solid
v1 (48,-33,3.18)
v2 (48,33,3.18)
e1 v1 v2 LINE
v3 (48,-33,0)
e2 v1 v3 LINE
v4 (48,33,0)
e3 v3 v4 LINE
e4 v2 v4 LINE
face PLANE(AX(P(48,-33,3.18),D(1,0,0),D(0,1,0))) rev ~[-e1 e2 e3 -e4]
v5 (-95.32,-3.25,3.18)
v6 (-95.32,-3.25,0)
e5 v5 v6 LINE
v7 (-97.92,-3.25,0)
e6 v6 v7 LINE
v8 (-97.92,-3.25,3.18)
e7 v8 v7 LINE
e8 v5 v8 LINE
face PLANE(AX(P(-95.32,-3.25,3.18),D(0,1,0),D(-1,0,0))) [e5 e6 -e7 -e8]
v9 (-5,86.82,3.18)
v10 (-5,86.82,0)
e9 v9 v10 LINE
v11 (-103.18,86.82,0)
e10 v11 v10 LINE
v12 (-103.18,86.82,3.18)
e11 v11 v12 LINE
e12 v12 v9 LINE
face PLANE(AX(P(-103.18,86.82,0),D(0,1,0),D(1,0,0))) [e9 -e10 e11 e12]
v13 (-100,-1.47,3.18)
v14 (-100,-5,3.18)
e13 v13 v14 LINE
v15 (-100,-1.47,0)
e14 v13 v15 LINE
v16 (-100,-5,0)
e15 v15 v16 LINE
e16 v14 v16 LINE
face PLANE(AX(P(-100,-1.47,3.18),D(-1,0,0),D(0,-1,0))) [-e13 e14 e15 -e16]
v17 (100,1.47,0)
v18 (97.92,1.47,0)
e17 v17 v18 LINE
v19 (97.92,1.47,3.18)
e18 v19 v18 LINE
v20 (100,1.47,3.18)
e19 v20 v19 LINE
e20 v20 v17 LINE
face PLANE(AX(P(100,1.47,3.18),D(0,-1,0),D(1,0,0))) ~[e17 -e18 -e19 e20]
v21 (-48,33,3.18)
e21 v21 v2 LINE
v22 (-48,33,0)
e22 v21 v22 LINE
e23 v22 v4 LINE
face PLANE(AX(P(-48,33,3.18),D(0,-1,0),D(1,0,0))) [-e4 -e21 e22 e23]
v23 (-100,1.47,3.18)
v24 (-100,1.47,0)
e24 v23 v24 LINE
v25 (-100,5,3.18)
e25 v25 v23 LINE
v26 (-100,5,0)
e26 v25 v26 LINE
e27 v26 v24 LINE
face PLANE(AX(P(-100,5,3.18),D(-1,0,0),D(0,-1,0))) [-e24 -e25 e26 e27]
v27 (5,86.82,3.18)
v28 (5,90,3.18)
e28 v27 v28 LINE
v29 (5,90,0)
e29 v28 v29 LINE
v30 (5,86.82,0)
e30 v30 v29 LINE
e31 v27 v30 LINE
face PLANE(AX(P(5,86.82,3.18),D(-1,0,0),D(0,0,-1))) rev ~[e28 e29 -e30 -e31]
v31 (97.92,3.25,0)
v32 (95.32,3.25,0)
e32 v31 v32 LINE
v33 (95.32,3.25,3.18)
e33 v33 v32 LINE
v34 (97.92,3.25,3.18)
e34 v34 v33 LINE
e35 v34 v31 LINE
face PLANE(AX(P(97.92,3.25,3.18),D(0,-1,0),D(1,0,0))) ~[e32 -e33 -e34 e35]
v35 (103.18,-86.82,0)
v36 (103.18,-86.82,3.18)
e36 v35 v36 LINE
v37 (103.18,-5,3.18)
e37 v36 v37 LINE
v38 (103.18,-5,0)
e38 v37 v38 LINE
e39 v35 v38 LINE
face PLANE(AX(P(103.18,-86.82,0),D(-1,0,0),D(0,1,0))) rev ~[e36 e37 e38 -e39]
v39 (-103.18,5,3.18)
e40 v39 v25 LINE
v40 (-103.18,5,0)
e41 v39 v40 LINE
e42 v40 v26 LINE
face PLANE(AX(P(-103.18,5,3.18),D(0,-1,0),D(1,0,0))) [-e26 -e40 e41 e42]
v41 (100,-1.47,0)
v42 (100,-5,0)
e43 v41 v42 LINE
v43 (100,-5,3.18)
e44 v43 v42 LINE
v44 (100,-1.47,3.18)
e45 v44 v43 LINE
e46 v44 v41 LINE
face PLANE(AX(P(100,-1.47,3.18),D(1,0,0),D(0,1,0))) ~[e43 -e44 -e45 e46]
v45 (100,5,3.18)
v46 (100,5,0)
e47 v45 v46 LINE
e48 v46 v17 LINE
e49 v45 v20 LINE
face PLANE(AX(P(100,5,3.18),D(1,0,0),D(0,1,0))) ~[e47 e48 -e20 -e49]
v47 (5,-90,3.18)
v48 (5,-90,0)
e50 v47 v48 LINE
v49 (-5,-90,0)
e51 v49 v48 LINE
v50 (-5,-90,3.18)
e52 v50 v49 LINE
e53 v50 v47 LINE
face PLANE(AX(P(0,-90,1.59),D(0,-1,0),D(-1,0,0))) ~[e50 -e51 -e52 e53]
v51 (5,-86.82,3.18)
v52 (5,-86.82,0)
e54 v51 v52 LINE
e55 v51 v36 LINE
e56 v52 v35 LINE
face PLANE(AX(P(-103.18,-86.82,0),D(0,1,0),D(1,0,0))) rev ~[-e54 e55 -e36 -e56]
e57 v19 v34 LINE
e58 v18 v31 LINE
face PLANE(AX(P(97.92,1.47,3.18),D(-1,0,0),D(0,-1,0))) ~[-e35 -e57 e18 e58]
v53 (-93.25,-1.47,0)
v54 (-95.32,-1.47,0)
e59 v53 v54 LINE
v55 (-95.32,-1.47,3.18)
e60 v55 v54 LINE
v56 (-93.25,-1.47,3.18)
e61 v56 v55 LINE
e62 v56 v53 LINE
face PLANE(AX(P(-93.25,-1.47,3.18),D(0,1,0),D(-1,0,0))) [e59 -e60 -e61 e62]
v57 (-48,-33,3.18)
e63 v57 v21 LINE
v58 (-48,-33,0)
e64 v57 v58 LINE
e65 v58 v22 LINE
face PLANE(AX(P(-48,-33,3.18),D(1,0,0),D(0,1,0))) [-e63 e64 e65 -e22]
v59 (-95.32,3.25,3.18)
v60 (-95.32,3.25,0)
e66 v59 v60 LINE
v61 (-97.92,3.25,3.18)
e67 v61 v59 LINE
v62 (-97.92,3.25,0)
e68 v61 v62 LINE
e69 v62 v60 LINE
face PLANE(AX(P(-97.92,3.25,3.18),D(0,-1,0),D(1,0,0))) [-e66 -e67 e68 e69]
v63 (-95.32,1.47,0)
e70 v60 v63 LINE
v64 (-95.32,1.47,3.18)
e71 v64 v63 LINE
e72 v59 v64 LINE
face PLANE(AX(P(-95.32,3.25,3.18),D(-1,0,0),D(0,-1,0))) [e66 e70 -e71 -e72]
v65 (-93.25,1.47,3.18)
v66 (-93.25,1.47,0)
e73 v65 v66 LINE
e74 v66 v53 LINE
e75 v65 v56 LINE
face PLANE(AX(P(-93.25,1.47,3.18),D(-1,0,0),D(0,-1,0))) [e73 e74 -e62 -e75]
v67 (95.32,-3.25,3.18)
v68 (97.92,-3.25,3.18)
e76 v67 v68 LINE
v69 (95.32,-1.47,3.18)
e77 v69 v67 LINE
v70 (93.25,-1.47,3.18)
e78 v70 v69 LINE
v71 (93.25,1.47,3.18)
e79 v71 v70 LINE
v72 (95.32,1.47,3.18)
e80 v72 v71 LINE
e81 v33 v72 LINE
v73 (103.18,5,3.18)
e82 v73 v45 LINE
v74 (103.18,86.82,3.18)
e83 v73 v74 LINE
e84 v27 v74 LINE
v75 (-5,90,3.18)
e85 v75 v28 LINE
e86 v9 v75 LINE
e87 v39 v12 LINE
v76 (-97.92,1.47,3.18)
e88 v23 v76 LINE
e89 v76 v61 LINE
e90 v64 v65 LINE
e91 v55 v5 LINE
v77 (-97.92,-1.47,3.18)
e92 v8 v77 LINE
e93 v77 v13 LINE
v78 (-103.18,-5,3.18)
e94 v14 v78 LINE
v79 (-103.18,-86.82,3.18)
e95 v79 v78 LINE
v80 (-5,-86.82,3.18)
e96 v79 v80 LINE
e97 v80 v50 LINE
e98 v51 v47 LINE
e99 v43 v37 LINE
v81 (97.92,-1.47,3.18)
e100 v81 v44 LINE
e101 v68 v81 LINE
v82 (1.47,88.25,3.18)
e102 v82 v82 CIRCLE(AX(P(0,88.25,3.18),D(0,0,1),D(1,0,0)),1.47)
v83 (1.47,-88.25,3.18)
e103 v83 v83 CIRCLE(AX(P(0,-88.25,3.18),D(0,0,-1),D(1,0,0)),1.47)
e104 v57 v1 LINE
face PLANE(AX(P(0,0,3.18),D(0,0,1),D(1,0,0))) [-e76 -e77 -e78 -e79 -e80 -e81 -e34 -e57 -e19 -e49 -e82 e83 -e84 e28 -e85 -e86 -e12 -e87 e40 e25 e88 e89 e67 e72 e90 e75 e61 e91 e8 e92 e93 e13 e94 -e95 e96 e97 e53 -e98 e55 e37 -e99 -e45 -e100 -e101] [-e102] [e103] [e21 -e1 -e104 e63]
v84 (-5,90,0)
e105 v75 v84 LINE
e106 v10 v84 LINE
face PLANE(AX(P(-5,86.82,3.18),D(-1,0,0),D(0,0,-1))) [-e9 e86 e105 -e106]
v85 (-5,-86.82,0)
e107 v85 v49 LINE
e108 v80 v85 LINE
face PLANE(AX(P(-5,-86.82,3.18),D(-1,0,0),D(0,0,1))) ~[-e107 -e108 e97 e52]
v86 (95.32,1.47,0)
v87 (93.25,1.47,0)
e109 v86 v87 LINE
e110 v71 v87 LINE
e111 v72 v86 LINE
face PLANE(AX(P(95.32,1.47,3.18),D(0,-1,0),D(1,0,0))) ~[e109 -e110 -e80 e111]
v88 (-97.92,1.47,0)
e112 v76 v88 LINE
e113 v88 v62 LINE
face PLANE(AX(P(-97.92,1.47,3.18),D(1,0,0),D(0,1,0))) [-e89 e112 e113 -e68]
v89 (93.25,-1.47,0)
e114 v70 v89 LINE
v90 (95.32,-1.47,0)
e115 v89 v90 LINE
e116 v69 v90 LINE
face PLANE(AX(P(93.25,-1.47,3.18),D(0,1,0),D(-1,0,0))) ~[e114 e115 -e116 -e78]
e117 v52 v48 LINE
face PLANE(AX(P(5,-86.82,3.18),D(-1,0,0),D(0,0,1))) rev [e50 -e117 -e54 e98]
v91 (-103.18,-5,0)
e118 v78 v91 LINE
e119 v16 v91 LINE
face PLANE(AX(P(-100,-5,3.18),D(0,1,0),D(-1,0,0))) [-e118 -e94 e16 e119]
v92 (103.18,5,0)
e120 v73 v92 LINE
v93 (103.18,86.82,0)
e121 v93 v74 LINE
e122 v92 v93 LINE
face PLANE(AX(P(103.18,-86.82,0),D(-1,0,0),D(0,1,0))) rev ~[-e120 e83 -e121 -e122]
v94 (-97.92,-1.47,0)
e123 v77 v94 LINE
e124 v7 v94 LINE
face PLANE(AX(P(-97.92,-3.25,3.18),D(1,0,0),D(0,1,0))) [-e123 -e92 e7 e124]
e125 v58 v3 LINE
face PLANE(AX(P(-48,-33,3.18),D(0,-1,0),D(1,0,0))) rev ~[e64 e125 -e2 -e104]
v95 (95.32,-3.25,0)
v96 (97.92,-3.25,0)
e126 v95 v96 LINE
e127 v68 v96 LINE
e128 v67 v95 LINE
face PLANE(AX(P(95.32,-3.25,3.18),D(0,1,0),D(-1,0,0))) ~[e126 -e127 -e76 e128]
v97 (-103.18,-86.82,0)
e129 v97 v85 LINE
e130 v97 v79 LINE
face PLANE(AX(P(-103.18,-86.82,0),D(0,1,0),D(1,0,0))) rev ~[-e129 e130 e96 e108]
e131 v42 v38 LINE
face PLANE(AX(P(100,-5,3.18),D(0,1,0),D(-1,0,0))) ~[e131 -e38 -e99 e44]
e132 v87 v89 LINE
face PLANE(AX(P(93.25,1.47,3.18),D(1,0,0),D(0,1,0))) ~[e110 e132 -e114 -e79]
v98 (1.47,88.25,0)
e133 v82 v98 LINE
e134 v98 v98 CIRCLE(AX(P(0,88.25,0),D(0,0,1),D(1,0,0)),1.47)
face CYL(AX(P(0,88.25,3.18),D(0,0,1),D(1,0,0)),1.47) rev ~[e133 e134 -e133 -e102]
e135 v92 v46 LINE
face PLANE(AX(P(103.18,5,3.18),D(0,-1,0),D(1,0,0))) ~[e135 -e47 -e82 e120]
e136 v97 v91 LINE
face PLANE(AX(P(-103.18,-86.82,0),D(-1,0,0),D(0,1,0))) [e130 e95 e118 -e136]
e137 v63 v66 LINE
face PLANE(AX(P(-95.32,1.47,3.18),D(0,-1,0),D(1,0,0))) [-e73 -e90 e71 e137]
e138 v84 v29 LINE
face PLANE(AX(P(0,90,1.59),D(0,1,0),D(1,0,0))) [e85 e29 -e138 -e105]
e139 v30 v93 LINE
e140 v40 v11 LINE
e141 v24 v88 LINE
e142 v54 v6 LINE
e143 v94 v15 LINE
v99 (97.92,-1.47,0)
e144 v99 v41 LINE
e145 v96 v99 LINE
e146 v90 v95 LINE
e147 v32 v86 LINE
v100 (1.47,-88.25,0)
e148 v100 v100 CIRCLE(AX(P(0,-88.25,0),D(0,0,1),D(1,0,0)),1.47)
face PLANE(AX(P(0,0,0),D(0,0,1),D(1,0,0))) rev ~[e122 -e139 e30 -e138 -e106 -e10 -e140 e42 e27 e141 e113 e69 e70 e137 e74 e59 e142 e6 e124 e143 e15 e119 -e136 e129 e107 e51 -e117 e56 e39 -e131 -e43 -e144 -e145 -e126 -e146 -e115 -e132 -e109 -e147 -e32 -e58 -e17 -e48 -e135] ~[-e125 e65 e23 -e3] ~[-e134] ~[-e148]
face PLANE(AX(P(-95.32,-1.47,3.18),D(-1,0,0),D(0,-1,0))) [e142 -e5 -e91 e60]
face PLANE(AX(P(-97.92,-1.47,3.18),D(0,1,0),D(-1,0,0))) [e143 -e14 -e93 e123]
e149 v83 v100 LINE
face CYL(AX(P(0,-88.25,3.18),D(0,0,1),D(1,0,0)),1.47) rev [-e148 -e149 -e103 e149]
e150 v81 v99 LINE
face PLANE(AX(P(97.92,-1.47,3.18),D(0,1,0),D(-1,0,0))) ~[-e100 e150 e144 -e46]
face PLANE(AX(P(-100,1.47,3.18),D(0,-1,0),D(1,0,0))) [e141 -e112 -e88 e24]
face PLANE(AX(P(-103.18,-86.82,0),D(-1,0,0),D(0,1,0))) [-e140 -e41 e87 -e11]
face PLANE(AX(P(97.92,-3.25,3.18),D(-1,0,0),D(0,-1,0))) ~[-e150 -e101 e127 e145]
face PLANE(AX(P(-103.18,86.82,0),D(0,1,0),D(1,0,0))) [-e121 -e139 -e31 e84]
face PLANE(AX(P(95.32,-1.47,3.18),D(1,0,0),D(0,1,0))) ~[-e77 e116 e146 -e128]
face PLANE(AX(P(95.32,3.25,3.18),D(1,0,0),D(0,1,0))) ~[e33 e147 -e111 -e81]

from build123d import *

# Parameters (mm, degrees)
SKETCH2_W           = 206.36
SKETCH2_H           = 173.64
BOSS_EXTRUDE1_DEPTH = 3.18
CUT_EXTRUDE1_DEPTH  = 135.884903529
SKETCH9_W           = 10
SKETCH9_H           = 3.18
BOSS_EXTRUDE4_DEPTH = 3.18
SKETCH11_R          = 1.47
CUT_EXTRUDE3_DEPTH  = 137.953367246
SKETCH12_W          = 96
SKETCH12_H          = 66
CUT_EXTRUDE4_DEPTH  = 137.953367246


with BuildPart() as part:
    # Sketch2 → Boss-Extrude1 (new body)
    with BuildSketch(Plane.XY):
        Rectangle(SKETCH2_W, SKETCH2_H)
    extrude(amount=BOSS_EXTRUDE1_DEPTH)

    # Sketch3 → Cut-Extrude1 (cut, through all)
    with BuildSketch(Plane.XY.offset(3.18)):
        Polygon((-95.32, -1.47), (-95.32, -3.25), (-97.92, -3.25), (-97.92, -1.47), (-100, -1.47), (-100, -5), (-103.18, -5), (-103.18, 5), (-100, 5), (-100, 1.47), (-97.92, 1.47), (-97.92, 3.25), (-95.32, 3.25), (-95.32, 1.47), (-93.25, 1.47), (-93.25, -1.47), align=None)
    cut_extrude1 = extrude(amount=-CUT_EXTRUDE1_DEPTH, mode=Mode.SUBTRACT)

    # Sketch9 → Boss-Extrude4 (add)
    with BuildSketch(Plane(origin=(0, 86.82, 0), x_dir=(1, 0, 0), z_dir=(0, 1, 0))):
        with Locations((0, -1.59)):
            Rectangle(SKETCH9_W, SKETCH9_H)
    boss_extrude4 = extrude(amount=BOSS_EXTRUDE4_DEPTH)

    # Sketch11 → Cut-Extrude3 (cut, through all)
    with BuildSketch(Plane.XY.offset(3.18)):
        with Locations((0, 88.25)):
            Circle(SKETCH11_R)
    cut_extrude3 = extrude(amount=-CUT_EXTRUDE3_DEPTH, mode=Mode.SUBTRACT)

    # Mirror1: Cut-Extrude1 across plane
    add(cut_extrude1.mirror(Plane(origin=(0, 0, 0), x_dir=(0, 0, 1), z_dir=(1, 0, 0))), mode=Mode.SUBTRACT)

    # Mirror2: Boss-Extrude4, Cut-Extrude3 across plane
    add(boss_extrude4.mirror(Plane.ZX))
    add(cut_extrude3.mirror(Plane.ZX), mode=Mode.SUBTRACT)

    # Sketch12 → Cut-Extrude4 (cut, through all)
    with BuildSketch(Plane.XY.offset(3.18)):
        Rectangle(SKETCH12_W, SKETCH12_H)
    extrude(amount=-CUT_EXTRUDE4_DEPTH, mode=Mode.SUBTRACT)


solid = part.part
